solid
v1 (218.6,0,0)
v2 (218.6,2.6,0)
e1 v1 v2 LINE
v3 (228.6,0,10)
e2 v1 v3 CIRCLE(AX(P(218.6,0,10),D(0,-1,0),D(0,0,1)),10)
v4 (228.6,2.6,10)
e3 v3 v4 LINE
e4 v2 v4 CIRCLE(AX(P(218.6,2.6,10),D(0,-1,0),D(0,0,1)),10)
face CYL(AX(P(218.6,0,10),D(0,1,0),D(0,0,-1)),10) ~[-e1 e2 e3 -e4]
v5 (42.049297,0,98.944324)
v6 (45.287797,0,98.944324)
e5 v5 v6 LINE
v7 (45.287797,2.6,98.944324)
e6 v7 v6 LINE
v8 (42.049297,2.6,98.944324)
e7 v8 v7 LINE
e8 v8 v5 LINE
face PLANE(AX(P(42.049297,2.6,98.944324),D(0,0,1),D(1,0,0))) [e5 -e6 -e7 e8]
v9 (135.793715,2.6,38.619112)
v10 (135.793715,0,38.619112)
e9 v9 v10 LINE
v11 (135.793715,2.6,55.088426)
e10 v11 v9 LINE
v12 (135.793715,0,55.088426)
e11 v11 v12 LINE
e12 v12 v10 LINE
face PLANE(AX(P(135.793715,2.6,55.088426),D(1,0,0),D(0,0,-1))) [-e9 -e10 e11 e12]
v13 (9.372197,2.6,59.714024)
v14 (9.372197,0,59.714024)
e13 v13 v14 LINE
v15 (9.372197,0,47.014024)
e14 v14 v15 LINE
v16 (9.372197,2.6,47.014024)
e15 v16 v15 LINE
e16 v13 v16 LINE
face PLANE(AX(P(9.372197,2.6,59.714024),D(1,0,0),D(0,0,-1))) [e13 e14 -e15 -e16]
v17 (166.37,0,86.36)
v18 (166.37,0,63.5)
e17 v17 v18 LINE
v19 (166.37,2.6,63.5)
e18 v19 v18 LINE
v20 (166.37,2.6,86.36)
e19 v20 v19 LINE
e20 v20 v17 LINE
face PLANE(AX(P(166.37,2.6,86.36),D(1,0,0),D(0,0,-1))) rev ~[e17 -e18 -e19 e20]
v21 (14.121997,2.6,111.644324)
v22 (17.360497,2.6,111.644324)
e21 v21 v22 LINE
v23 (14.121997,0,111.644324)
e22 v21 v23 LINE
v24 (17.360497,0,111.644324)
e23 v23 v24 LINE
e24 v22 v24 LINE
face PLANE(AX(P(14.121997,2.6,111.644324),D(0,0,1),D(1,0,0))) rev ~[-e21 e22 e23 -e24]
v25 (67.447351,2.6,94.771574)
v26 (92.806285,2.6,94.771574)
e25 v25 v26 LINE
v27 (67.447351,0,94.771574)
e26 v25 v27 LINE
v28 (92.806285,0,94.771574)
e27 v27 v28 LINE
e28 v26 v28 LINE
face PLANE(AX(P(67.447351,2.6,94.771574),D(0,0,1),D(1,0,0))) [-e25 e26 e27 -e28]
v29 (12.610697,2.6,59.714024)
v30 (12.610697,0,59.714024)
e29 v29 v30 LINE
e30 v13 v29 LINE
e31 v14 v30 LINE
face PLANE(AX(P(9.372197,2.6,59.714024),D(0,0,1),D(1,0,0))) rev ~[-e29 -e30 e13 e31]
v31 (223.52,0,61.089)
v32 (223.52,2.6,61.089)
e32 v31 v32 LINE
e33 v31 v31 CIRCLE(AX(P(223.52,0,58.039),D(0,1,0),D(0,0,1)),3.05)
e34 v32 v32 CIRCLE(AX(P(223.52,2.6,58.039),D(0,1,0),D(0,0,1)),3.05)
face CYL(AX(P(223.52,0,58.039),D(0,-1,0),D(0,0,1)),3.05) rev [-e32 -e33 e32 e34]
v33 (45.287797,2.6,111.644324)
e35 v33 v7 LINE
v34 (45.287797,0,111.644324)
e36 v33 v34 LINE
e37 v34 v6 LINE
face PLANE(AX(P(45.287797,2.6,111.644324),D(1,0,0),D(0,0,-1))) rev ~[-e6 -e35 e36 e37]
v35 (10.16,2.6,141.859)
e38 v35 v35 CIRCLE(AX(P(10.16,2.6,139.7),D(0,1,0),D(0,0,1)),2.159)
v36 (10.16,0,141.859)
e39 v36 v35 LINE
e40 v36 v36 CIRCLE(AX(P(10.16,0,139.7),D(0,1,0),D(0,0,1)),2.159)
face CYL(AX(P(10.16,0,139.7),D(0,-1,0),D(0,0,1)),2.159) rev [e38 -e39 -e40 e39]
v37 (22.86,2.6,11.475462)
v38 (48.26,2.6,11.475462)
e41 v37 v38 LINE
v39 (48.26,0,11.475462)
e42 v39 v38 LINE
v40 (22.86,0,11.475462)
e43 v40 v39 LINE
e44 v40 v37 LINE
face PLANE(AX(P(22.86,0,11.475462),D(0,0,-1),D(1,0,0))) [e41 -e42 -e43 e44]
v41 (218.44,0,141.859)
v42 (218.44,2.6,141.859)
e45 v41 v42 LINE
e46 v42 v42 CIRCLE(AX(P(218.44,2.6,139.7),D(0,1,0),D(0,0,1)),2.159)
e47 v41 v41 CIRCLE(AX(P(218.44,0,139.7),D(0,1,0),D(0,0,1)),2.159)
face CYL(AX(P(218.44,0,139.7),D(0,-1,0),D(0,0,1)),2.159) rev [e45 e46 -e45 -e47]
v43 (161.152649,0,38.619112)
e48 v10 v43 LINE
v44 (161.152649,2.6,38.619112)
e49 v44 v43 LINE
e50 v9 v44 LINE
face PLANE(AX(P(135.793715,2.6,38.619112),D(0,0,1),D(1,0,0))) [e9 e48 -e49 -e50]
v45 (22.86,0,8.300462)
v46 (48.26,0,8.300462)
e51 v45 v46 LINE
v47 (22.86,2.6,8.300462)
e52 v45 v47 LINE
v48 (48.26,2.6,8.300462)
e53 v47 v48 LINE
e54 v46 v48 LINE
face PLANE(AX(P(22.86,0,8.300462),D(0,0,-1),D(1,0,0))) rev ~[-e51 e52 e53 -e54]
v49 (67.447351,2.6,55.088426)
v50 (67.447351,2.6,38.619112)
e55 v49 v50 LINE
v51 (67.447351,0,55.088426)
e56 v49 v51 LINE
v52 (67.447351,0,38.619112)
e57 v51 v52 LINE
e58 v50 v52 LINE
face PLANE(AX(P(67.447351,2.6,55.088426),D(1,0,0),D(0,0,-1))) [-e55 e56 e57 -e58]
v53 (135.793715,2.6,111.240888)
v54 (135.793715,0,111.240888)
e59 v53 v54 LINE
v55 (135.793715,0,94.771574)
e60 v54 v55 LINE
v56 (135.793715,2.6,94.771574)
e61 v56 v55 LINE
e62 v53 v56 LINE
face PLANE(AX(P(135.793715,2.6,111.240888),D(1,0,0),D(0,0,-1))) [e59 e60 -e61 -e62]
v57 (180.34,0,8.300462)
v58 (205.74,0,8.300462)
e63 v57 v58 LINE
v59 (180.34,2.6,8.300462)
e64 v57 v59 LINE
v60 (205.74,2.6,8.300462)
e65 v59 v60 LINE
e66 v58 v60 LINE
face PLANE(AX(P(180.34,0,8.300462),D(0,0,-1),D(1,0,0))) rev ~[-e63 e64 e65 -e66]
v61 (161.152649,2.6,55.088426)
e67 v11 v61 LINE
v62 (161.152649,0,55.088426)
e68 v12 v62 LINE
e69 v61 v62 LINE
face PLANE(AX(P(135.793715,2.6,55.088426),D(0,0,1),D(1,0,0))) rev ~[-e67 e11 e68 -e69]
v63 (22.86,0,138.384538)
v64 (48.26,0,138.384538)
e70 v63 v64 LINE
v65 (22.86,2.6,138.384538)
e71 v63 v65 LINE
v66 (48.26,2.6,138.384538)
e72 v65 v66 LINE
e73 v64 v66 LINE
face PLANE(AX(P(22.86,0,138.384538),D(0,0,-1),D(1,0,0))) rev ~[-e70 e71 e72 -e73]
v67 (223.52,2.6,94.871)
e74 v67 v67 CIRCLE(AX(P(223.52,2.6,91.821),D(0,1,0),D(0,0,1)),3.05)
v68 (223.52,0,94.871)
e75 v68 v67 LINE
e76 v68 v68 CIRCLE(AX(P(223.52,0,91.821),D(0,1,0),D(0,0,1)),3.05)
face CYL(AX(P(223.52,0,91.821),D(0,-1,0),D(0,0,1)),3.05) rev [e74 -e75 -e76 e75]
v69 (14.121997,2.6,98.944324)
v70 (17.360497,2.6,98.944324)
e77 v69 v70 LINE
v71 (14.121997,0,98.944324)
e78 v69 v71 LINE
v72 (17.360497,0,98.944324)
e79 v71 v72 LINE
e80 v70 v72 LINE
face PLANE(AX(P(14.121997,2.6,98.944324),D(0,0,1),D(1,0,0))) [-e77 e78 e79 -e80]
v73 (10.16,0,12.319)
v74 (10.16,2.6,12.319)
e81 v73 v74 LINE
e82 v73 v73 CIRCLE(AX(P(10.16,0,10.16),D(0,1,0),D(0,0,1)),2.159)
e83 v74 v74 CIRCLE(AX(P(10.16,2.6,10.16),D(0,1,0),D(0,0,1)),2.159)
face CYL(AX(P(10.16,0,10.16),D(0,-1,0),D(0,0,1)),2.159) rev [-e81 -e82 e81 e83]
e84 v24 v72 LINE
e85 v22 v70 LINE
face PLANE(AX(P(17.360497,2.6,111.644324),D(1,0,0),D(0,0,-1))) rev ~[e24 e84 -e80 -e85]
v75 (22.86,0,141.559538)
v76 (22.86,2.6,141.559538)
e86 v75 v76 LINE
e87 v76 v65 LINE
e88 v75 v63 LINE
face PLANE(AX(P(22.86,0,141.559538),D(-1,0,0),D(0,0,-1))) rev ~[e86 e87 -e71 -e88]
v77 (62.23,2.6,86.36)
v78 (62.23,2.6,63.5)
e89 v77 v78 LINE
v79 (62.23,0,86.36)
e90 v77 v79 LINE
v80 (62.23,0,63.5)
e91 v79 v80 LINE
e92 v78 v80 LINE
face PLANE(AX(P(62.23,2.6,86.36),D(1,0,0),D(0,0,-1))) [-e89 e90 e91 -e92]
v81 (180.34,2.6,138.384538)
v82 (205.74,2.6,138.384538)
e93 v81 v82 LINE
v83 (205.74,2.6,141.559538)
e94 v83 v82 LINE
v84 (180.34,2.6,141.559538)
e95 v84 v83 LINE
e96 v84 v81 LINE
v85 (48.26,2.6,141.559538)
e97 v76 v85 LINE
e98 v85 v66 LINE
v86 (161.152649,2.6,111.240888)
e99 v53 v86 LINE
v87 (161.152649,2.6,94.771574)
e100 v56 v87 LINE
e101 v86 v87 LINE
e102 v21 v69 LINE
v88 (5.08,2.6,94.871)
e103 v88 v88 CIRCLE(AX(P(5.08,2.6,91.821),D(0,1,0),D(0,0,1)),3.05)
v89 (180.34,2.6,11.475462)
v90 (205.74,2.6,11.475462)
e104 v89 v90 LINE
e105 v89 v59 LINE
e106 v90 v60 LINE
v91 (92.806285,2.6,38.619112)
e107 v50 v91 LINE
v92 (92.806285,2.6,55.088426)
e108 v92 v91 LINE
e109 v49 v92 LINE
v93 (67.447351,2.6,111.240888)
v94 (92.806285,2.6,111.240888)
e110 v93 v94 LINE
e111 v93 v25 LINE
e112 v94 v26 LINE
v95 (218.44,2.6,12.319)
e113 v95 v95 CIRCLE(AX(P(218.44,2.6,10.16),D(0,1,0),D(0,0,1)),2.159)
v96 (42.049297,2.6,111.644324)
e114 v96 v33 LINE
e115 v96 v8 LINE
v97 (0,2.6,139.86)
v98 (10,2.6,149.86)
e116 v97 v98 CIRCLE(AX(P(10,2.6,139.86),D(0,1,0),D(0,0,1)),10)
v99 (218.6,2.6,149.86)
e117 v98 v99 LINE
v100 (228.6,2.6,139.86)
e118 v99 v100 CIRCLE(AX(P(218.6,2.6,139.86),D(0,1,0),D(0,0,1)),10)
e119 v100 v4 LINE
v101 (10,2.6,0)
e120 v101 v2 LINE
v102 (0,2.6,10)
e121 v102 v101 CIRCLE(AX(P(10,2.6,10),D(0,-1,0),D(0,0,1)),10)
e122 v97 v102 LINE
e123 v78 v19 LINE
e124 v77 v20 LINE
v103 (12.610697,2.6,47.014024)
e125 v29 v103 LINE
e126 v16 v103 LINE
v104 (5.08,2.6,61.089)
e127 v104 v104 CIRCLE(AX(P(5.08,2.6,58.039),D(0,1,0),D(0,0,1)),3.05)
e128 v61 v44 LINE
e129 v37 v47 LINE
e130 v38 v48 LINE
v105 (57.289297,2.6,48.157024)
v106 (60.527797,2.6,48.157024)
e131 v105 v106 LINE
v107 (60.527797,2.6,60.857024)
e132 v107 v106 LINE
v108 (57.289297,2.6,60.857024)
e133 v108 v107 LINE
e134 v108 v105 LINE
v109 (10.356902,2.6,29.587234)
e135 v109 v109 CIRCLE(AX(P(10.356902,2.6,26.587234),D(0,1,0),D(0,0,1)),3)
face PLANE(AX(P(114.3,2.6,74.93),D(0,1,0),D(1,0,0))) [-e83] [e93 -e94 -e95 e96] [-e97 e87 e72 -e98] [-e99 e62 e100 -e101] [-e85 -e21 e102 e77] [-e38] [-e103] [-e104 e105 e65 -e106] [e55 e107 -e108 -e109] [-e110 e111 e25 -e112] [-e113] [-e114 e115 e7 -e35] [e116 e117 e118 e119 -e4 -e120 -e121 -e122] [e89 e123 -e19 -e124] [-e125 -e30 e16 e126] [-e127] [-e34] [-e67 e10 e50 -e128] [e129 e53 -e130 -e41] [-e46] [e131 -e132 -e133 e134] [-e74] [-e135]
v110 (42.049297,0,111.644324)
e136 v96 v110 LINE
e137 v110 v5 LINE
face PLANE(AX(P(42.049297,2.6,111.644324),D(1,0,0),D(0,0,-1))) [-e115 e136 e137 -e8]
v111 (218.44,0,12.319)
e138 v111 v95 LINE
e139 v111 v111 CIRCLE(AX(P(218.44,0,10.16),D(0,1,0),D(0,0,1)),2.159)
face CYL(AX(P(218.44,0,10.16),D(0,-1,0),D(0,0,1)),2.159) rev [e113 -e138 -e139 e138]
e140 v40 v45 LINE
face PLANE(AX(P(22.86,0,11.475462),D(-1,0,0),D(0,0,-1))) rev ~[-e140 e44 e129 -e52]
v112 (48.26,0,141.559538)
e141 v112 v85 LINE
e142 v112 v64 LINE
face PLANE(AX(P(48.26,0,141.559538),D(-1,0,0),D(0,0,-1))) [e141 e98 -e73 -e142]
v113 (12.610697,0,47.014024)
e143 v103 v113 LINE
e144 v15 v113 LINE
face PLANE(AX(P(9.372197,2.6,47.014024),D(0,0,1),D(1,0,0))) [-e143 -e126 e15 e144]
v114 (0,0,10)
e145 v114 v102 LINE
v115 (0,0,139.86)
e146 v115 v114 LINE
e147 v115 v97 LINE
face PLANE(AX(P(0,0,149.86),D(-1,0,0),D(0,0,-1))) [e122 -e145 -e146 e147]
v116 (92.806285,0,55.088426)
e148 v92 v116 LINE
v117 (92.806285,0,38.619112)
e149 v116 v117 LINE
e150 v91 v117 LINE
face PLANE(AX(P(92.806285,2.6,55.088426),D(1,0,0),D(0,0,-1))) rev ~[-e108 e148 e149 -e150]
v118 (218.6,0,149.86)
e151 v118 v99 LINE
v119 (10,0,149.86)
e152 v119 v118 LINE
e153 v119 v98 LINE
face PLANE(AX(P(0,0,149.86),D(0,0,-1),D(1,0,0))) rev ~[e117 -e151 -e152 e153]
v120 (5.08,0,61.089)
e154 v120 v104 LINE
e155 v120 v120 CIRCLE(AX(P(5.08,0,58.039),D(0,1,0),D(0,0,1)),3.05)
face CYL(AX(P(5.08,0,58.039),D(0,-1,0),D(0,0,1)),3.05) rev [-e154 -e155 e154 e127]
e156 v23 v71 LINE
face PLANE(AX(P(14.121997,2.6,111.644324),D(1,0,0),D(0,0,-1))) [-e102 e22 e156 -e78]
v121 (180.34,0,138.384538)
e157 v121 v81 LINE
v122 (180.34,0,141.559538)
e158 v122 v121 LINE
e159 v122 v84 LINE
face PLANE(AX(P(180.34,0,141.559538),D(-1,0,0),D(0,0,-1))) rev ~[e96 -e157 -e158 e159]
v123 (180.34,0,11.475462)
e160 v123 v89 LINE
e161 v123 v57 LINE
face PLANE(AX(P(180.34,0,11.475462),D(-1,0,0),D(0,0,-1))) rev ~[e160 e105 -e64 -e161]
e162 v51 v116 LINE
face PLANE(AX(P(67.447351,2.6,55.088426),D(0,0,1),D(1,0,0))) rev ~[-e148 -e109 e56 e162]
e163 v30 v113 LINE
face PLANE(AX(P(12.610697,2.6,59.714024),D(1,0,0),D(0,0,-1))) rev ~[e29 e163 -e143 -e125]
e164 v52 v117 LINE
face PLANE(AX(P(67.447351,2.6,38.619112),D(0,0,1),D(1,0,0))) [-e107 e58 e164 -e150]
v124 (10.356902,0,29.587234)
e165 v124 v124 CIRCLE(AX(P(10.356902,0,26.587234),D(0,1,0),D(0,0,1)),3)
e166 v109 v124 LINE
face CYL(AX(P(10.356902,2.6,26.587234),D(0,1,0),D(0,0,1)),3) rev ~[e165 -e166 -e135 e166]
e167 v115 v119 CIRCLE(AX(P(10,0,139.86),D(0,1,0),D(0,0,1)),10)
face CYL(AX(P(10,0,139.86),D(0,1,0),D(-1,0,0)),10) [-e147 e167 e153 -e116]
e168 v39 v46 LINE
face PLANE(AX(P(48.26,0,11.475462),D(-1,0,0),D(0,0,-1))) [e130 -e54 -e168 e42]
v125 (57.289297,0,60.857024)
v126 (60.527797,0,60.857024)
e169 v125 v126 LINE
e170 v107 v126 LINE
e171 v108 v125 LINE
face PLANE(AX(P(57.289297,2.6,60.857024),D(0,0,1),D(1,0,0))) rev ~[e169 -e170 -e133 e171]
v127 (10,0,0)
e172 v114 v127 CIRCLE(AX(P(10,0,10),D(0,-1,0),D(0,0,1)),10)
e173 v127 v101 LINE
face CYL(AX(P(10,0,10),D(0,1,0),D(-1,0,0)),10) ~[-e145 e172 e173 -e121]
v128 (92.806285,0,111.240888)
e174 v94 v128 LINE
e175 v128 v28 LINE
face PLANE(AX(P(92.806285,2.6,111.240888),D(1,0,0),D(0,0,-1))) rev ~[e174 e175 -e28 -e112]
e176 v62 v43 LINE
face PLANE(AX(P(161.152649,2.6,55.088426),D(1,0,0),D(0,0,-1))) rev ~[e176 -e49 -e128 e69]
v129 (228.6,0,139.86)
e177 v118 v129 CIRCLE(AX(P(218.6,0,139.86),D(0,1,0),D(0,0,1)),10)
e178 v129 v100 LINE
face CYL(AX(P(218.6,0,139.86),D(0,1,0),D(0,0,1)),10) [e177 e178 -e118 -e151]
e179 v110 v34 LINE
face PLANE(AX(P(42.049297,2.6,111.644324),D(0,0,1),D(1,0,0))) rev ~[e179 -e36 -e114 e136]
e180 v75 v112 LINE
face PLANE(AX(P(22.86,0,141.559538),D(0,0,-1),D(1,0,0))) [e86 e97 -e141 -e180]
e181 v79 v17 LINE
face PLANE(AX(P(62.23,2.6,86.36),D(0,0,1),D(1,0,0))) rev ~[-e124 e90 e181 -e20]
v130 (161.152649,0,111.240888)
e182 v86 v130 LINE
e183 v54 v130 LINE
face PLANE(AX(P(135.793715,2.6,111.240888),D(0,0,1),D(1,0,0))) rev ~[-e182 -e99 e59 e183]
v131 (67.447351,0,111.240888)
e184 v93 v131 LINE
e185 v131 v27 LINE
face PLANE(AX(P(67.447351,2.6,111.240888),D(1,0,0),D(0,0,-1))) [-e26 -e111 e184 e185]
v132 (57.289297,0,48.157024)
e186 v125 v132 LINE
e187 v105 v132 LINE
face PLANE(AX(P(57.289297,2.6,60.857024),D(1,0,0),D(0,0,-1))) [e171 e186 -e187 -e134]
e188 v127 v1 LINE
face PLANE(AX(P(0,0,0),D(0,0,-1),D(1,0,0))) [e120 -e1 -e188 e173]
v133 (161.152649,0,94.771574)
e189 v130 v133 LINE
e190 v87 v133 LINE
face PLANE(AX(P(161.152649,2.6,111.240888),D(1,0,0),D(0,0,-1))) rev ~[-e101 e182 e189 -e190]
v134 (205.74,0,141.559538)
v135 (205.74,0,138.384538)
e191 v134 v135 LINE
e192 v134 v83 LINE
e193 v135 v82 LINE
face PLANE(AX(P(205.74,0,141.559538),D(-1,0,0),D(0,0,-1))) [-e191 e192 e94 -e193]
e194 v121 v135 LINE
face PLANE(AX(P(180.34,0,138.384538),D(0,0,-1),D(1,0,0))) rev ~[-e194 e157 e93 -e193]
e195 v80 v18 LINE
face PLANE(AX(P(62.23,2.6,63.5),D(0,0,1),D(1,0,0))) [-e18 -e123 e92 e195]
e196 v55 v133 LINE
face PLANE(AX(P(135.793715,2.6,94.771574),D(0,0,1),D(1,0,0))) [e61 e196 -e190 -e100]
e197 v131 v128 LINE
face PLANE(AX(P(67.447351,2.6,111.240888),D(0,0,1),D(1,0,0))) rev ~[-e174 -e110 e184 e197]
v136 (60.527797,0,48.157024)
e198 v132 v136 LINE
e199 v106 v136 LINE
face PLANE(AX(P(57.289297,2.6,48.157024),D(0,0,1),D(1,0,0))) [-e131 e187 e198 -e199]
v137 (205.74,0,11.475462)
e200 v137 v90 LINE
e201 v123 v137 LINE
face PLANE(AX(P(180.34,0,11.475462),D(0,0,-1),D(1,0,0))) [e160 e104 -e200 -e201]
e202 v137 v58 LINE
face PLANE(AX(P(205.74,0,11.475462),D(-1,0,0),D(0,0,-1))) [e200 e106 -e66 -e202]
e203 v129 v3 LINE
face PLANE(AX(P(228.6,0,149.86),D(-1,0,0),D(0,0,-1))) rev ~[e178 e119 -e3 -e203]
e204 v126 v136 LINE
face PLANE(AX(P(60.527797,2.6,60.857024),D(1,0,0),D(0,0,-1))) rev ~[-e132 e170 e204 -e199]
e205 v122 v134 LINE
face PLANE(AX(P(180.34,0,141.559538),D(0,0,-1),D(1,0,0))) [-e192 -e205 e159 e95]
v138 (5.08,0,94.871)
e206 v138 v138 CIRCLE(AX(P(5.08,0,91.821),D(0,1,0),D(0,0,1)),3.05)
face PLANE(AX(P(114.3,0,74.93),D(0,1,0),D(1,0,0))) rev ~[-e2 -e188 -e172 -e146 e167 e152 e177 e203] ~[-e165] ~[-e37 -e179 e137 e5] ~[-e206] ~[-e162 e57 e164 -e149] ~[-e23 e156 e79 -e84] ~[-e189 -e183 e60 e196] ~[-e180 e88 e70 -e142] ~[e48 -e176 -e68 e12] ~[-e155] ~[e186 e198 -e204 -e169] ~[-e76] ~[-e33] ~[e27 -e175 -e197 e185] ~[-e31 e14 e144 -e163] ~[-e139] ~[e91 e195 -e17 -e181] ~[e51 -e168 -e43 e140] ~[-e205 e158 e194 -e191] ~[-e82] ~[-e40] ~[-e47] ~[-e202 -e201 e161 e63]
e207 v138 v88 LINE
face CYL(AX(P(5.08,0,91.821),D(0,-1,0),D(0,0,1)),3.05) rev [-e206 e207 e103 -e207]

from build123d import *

# Parameters (mm, degrees)
SKETCH1_W           = 228.6
SKETCH1_H           = 149.86
SKETCH1_R           = 3.05
SKETCH1_R_2         = 2.159
SKETCH1_W_2         = 25.4
SKETCH1_H_2         = 3.175
BOSS_EXTRUDE1_DEPTH = 2.6
FILLET1_R           = 10
SKETCH25_W          = 104.14
SKETCH25_H          = 22.86
SKETCH25_W_2        = 3.2385
SKETCH25_H_2        = 12.7
CUT_EXTRUDE18_DEPTH = 10.16
SKETCH26_W          = 25.35893358
SKETCH26_H          = 16.469313419
CUT_EXTRUDE19_DEPTH = 7.62
SKETCH27_R          = 3
CUT_EXTRUDE20_DEPTH = 7.62


with BuildPart() as part:
    # Sketch1 → Boss-Extrude1 (new body)
    with BuildSketch(Plane(origin=(0, 0, 0), x_dir=(1, 0, 0), z_dir=(0, 1, 0))):
        with Locations((114.3, -74.93)):
            Rectangle(SKETCH1_W, SKETCH1_H)
        with Locations(Location((5.08, -58.039, 0), (0, 0, 270))):
            Circle(SKETCH1_R, mode=Mode.SUBTRACT)
        with Locations(Location((5.08, -91.821, 0), (0, 0, 270))):
            Circle(SKETCH1_R, mode=Mode.SUBTRACT)
        with Locations(Location((223.52, -91.821, 0), (0, 0, 270))):
            Circle(SKETCH1_R, mode=Mode.SUBTRACT)
        with Locations(Location((223.52, -58.039, 0), (0, 0, 270))):
            Circle(SKETCH1_R, mode=Mode.SUBTRACT)
        with Locations(Location((218.44, -10.16, 0), (0, 0, 270))):
            Circle(SKETCH1_R_2, mode=Mode.SUBTRACT)
        with Locations(Location((10.16, -10.16, 0), (0, 0, 270))):
            Circle(SKETCH1_R_2, mode=Mode.SUBTRACT)
        with Locations(Location((218.44, -139.7, 0), (0, 0, 270))):
            Circle(SKETCH1_R_2, mode=Mode.SUBTRACT)
        with Locations(Location((10.16, -139.7, 0), (0, 0, 270))):
            Circle(SKETCH1_R_2, mode=Mode.SUBTRACT)
        with Locations((35.56, -9.887961988)):
            Rectangle(SKETCH1_W_2, SKETCH1_H_2, mode=Mode.SUBTRACT)
        with Locations((193.04, -9.887961988)):
            Rectangle(SKETCH1_W_2, SKETCH1_H_2, mode=Mode.SUBTRACT)
        with Locations((193.04, -139.972038012)):
            Rectangle(SKETCH1_W_2, SKETCH1_H_2, mode=Mode.SUBTRACT)
        with Locations((35.56, -139.972038012)):
            Rectangle(SKETCH1_W_2, SKETCH1_H_2, mode=Mode.SUBTRACT)
    extrude(amount=BOSS_EXTRUDE1_DEPTH)

    # Fillet1
    fillet1_edges = [part.edges().sort_by_distance(p)[0] for p in [
        (0, 1.3, 0),
        (228.6, 1.3, 0),
        (228.6, 1.3, 149.86),
        (0, 1.3, 149.86),
    ]]
    fillet(fillet1_edges, radius=FILLET1_R)

    # Sketch25 → Cut-Extrude18 (cut)
    with BuildSketch(Plane(origin=(0, 2.6, 0), x_dir=(1, 0, 0), z_dir=(0, 1, 0))):
        with Locations((114.3, -74.93)):
            Rectangle(SKETCH25_W, SKETCH25_H)
        with Locations((10.991446919, -53.364023976)):
            Rectangle(SKETCH25_W_2, SKETCH25_H_2)
        with Locations((58.908546919, -54.507023976)):
            Rectangle(SKETCH25_W_2, SKETCH25_H_2)
        with Locations((15.741246919, -105.294323976)):
            Rectangle(SKETCH25_W_2, SKETCH25_H_2)
        with Locations((43.668546919, -105.294323976)):
            Rectangle(SKETCH25_W_2, SKETCH25_H_2)
    extrude(amount=-CUT_EXTRUDE18_DEPTH, mode=Mode.SUBTRACT)

    # Sketch26 → Cut-Extrude19 (cut)
    with BuildSketch(Plane(origin=(0, 2.6, 0), x_dir=(1, 0, 0), z_dir=(0, 1, 0))):
        with Locations((80.126817751, -46.853769114)):
            Rectangle(SKETCH26_W, SKETCH26_H)
        with Locations((80.126817751, -103.006230887)):
            Rectangle(SKETCH26_W, SKETCH26_H)
        with Locations((148.473182249, -103.006230887)):
            Rectangle(SKETCH26_W, SKETCH26_H)
        with Locations((148.473182249, -46.853769114)):
            Rectangle(SKETCH26_W, SKETCH26_H)
    extrude(amount=-CUT_EXTRUDE19_DEPTH, mode=Mode.SUBTRACT)

    # Sketch27 → Cut-Extrude20 (cut)
    with BuildSketch(Plane(origin=(0, 2.6, 0), x_dir=(1, 0, 0), z_dir=(0, 1, 0))):
        with Locations(Location((10.356901739, -26.58723359, 0), (0, 0, 270))):
            Circle(SKETCH27_R)
    extrude(amount=-CUT_EXTRUDE20_DEPTH, mode=Mode.SUBTRACT)


solid = part.part
